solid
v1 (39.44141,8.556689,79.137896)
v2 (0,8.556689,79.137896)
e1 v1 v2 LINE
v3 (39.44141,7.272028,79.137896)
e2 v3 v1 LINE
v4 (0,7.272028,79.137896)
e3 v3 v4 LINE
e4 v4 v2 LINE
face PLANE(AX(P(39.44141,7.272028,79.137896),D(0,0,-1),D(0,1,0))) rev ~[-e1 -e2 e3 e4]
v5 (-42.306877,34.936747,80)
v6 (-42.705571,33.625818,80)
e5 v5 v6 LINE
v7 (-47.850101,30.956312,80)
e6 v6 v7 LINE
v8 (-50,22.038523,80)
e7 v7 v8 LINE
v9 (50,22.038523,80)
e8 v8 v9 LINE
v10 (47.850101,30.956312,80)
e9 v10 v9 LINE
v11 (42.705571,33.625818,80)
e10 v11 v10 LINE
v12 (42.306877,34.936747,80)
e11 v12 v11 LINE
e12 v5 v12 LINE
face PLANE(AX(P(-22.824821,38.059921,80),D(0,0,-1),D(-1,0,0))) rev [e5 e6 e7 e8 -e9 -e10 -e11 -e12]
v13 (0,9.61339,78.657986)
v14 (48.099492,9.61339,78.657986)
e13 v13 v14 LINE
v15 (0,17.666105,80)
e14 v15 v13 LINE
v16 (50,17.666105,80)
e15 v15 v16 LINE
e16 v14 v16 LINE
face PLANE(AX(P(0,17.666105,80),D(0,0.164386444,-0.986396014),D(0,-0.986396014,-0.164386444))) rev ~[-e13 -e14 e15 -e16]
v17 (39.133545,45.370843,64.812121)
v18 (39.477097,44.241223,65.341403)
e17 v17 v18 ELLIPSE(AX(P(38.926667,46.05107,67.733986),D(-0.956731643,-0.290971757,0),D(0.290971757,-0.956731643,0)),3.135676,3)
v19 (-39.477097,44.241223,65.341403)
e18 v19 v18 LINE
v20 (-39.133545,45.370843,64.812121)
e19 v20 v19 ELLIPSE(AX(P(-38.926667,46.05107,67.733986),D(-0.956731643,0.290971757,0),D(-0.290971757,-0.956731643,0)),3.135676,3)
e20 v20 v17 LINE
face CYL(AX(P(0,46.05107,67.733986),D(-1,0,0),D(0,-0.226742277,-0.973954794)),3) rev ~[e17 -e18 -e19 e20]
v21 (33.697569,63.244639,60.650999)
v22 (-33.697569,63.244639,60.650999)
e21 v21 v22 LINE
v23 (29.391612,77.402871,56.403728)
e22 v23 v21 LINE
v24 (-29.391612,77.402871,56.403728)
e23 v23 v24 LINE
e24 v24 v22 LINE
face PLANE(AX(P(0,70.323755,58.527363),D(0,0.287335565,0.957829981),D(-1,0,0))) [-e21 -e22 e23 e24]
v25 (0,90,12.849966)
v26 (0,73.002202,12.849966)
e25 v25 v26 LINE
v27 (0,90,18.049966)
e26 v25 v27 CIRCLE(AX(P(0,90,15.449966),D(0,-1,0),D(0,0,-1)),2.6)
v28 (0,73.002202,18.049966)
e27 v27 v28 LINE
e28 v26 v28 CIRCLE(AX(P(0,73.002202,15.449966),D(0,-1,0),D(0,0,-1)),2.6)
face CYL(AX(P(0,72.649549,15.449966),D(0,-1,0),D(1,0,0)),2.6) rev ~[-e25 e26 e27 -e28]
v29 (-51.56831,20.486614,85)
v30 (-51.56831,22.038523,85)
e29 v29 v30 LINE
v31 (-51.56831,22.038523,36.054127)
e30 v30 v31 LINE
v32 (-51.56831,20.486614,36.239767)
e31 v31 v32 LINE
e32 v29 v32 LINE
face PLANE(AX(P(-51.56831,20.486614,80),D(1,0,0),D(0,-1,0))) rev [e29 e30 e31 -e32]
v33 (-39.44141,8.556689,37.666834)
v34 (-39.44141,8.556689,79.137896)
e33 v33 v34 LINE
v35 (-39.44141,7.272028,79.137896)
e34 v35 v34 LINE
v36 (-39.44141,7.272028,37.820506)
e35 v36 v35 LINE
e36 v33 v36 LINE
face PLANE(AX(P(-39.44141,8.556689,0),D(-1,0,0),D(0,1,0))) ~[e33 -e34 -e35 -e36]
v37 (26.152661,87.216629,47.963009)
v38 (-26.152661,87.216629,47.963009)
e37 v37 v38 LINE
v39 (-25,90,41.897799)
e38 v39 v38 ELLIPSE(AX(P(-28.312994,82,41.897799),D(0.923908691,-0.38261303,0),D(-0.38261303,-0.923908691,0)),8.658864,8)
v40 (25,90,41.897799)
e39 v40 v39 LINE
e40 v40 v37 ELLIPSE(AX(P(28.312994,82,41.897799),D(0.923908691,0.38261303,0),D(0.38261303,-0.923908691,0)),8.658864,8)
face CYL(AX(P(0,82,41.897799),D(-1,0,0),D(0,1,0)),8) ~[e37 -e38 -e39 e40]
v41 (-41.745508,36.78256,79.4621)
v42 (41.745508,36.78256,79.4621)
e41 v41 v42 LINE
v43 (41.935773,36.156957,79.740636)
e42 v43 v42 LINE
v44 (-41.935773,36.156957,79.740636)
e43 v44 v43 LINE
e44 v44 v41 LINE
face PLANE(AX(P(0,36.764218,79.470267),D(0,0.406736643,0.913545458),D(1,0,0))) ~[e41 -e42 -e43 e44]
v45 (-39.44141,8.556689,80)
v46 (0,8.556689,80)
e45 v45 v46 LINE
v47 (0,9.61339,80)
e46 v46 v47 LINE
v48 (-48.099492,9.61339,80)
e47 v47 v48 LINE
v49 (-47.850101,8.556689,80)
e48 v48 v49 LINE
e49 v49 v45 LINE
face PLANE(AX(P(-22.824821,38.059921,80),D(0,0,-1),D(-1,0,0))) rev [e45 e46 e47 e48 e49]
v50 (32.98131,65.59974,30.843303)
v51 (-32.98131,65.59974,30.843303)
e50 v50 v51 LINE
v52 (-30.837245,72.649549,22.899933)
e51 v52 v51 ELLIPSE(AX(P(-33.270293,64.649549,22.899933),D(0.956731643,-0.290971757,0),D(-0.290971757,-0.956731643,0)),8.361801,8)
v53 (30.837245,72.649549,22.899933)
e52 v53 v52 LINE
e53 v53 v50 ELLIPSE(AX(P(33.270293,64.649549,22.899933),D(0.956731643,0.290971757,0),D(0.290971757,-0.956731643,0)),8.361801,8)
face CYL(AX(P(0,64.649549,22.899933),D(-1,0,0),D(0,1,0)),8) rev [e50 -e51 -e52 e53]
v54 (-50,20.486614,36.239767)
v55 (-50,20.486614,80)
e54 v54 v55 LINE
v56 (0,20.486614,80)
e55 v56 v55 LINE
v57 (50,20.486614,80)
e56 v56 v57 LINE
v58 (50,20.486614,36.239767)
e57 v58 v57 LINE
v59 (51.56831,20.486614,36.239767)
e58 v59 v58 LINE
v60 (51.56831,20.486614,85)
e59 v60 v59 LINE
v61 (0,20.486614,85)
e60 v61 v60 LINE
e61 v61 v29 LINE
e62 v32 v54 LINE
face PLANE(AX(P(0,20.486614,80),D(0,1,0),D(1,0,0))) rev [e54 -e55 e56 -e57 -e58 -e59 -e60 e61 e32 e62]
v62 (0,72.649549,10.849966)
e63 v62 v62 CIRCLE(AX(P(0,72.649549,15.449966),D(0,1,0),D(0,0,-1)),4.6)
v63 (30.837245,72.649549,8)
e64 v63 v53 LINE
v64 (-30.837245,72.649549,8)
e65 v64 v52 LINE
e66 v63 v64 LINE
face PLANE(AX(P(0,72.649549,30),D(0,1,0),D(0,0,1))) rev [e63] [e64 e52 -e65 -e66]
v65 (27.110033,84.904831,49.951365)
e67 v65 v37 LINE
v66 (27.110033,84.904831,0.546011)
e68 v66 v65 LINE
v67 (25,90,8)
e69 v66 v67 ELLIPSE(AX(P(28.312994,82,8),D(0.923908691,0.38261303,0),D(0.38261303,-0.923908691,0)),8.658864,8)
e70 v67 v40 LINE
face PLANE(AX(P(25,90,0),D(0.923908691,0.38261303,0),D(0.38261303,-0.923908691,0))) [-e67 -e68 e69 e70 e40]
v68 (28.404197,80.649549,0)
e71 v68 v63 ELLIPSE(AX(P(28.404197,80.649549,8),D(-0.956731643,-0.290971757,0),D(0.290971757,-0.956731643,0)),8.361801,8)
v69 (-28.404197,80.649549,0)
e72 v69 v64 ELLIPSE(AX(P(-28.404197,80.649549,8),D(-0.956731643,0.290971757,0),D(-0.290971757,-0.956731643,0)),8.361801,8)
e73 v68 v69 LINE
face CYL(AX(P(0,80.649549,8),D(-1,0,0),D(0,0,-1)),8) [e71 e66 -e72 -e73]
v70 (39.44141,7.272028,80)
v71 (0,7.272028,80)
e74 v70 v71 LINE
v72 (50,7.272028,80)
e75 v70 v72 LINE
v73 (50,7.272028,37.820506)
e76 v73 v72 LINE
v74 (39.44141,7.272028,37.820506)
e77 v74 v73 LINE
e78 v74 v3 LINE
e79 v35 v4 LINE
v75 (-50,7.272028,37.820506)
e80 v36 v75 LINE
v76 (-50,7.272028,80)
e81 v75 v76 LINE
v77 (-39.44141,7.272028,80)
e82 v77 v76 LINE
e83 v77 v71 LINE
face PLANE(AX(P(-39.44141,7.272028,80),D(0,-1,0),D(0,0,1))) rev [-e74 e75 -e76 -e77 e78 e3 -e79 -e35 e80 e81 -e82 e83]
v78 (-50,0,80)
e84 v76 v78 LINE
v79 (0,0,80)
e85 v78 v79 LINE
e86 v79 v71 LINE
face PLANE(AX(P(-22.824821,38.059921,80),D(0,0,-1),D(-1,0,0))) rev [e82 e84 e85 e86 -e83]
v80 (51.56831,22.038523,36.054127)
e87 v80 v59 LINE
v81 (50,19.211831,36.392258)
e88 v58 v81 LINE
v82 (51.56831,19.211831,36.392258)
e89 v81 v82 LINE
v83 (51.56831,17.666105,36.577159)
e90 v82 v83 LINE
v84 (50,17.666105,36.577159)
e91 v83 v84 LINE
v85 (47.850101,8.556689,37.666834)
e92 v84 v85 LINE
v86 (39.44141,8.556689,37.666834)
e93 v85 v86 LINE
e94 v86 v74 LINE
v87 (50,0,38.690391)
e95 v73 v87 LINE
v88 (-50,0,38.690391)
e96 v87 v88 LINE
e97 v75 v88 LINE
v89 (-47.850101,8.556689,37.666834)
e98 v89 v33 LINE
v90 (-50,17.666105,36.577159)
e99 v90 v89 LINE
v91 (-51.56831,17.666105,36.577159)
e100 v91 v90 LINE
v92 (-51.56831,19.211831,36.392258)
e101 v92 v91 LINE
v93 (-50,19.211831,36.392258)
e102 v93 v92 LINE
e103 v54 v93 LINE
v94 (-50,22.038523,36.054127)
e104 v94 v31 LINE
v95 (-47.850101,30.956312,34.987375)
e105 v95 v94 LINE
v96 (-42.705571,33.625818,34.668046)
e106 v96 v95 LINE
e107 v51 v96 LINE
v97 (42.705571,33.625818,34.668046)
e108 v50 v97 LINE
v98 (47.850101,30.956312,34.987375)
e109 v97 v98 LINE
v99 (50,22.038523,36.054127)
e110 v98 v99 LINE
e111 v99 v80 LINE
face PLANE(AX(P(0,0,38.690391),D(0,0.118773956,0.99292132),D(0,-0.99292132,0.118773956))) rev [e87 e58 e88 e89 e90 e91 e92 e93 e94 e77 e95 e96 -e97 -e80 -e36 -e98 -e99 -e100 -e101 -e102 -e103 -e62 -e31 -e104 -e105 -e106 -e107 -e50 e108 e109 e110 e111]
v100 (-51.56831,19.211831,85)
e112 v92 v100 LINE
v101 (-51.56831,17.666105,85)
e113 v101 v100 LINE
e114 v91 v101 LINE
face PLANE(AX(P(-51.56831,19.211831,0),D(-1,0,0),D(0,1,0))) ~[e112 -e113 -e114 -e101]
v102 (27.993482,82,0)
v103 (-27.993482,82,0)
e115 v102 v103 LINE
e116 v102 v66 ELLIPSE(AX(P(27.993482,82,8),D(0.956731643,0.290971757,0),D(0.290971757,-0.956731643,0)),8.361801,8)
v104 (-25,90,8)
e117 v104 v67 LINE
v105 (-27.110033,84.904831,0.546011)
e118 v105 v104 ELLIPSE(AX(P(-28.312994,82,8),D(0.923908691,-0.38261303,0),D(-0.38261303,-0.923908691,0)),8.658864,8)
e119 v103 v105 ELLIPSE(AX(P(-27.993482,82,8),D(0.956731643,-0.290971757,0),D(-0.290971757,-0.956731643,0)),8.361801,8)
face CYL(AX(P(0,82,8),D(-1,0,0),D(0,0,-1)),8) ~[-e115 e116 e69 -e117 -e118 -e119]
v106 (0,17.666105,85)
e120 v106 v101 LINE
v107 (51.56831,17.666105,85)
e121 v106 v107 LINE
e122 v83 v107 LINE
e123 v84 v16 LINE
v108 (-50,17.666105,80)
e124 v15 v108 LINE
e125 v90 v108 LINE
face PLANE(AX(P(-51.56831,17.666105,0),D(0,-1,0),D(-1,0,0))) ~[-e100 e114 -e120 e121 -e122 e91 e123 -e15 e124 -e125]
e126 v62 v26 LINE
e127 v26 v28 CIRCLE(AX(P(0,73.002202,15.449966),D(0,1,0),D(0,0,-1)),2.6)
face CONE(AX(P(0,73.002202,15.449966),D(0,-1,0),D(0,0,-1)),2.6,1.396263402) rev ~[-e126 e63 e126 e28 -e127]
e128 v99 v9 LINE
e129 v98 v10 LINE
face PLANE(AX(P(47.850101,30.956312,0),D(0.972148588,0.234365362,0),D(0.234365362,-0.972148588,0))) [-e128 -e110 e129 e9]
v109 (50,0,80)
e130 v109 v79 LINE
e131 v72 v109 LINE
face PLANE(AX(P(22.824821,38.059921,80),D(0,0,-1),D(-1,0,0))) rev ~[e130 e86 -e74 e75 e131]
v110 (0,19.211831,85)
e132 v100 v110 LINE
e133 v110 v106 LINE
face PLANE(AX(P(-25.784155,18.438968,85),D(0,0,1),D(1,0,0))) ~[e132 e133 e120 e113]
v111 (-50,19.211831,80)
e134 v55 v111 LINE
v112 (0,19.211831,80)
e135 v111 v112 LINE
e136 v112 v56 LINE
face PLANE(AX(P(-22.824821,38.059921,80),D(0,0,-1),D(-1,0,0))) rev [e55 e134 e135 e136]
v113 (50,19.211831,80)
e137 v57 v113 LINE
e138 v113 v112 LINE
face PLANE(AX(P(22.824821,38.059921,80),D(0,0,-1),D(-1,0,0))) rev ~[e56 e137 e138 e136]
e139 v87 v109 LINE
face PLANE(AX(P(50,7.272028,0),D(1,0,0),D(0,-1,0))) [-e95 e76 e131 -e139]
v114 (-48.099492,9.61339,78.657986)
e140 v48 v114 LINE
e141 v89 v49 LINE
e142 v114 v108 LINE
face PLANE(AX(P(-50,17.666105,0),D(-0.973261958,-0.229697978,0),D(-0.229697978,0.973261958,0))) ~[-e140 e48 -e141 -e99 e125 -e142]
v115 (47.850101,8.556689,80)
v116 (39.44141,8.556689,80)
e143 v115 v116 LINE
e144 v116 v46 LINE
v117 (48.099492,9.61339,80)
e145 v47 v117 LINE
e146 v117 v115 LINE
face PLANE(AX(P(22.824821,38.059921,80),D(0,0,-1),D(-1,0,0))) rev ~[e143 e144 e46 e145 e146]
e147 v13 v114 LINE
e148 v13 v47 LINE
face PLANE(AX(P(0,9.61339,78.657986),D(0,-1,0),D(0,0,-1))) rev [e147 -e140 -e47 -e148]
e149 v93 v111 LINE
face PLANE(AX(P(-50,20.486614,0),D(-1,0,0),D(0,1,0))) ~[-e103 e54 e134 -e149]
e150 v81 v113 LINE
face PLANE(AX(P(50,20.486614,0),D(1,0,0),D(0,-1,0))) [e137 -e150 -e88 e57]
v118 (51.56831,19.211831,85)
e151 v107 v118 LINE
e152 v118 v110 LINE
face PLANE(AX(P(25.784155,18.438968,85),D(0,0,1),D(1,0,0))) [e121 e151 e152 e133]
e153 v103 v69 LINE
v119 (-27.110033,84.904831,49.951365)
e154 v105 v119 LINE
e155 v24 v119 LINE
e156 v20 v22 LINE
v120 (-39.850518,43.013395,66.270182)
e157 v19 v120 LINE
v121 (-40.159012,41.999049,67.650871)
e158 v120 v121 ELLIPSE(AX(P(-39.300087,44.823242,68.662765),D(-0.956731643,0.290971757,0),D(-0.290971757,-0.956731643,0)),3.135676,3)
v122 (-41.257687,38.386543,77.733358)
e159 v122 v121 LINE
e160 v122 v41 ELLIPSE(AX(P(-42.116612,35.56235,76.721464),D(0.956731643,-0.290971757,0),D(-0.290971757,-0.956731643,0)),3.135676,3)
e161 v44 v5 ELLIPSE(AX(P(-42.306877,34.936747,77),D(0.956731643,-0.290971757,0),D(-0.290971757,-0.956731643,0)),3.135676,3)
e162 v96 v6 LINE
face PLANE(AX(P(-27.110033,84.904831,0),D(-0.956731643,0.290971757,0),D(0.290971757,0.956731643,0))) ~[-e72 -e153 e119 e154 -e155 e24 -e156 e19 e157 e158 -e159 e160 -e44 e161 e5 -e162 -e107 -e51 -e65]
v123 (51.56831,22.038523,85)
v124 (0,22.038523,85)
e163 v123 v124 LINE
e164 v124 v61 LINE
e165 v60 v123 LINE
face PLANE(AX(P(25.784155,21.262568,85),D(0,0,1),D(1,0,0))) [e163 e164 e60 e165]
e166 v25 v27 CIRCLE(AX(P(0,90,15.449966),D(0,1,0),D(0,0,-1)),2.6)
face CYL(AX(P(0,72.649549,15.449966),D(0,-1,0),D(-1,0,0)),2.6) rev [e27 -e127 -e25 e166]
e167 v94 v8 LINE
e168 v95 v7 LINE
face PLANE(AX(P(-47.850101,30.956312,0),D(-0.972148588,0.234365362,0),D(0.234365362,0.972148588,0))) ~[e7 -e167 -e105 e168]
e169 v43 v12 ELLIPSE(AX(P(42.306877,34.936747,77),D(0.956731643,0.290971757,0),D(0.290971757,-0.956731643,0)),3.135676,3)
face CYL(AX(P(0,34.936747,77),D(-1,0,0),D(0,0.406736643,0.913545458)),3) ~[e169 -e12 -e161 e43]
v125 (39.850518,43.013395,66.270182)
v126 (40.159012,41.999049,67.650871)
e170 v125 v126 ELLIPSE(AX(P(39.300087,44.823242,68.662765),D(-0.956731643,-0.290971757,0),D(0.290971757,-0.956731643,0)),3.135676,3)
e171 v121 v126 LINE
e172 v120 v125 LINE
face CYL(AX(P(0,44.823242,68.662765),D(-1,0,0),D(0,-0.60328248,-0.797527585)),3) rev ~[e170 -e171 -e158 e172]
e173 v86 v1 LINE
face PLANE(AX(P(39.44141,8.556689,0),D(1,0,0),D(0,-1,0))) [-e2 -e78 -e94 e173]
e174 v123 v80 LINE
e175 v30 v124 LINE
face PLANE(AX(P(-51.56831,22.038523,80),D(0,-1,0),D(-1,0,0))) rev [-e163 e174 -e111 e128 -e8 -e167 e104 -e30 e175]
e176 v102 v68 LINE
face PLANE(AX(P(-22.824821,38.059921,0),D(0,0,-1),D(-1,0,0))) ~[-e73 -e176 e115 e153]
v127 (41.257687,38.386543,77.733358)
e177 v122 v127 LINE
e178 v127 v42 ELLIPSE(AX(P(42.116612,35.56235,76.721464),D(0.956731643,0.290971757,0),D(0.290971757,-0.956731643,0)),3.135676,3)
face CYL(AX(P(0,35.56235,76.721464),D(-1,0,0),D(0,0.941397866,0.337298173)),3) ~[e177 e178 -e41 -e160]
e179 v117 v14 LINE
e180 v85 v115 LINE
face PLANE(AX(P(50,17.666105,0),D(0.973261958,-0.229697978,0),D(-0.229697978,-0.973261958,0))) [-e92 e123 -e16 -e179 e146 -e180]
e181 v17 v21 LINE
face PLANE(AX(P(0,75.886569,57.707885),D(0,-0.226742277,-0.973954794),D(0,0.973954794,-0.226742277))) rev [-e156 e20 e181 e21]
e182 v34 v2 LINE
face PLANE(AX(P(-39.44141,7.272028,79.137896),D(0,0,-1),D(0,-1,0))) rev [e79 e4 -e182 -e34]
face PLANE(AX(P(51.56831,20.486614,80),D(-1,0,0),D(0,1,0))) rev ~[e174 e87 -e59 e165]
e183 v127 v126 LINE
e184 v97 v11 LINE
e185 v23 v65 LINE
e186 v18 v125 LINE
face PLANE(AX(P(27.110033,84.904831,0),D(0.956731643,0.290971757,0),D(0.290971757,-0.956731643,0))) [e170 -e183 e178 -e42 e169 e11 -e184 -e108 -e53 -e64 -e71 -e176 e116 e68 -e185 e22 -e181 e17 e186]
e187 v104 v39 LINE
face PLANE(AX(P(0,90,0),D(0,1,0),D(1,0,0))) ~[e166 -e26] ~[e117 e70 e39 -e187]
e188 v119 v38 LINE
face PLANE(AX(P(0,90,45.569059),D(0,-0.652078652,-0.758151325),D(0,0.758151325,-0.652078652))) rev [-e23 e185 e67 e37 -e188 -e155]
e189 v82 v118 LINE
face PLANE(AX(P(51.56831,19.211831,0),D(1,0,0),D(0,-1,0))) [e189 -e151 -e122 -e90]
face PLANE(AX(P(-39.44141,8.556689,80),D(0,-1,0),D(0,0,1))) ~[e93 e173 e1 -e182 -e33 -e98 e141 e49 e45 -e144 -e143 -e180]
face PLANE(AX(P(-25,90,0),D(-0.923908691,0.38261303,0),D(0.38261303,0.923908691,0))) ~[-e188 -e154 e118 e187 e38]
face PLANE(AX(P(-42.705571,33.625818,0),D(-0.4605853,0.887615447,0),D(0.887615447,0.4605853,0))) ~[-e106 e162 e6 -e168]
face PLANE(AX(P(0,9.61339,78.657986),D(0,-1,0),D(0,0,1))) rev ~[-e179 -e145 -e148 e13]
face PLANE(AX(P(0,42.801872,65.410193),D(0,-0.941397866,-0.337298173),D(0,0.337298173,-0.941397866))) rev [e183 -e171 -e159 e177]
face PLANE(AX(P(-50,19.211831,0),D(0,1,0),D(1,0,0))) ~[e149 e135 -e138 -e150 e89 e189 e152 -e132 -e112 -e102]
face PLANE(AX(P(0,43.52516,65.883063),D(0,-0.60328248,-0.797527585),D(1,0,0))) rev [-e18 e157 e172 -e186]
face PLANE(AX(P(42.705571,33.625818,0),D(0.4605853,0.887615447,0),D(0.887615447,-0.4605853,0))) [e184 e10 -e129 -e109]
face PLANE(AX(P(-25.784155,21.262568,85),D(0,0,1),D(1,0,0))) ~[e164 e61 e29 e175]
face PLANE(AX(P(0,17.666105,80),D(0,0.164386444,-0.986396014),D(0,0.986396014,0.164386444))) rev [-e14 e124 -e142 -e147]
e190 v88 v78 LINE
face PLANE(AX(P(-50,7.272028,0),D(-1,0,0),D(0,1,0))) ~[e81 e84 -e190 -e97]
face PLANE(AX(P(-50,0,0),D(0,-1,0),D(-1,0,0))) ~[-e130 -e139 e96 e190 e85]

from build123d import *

# Parameters (mm, degrees)
BOSS_EXTRUDE2_DEPTH   = 80
CUT_EXTRUDE6_DEPTH    = 80
FILLET4_R             = 8
FILLET6_R             = 8
BOSS_EXTRUDE3_DEPTH   = 5
CUT_EXTRUDE7_DEPTH    = 53
SKETCH8_W             = 0.862104353
SKETCH8_H             = 1.284661266
CUT_EXTRUDE8_DEPTH    = 53
SKETCH9_R             = 2.6
CUT_EXTRUDE9_DEPTH    = 53
CHAMFER1_SIZE         = 2
CHAMFER1_SIZE2        = 0.352653961
CHAMFER2_SIZE         = 2
CHAMFER2_SIZE2        = 1.125418904
CHAMFER2_PART_2_SIZE  = 2
CHAMFER2_PART_2_SIZE2 = 1.486326178
CHAMFER2_PART_3_SIZE  = 2
CHAMFER2_PART_3_SIZE2 = 12.979996821
FILLET7_R             = 3


with BuildPart() as part:
    # Sketch4 → Boss-Extrude2 (new body)
    with BuildSketch(Plane.XY):
        Polygon((0, 90), (25, 90), (27.110033345, 84.90483075), (42.705570979, 33.625818377), (47.850101428, 30.956311994), (50, 22.038522927), (51.568309777, 22.038522927), (51.568309777, 20.486613591), (50, 20.486613591), (50, 19.211830923), (51.568309777, 19.211830923), (51.568309777, 17.666105021), (50, 17.666105021), (47.850101428, 8.556688769), (39.441409504, 8.556688769), (39.441409504, 7.272027503), (50, 7.272027503), (50, 0), (0, 0), align=None)
    extrude(amount=BOSS_EXTRUDE2_DEPTH)

    # Sketch5 → Cut-Extrude6 (cut)
    with BuildSketch(Plane.ZY):
        Polygon((80, 90), (45.569058945, 90), (57.70788513, 75.886568849), (65.410192712, 42.801872405), (80, 37.57441702), align=None)
        Polygon((30, 72.649548533), (0, 72.649548533), (0, 0), (38.690390773, 0), align=None)
    extrude(amount=-CUT_EXTRUDE6_DEPTH, mode=Mode.SUBTRACT)

    # Fillet4
    fillet4_edges = [part.edges().sort_by_distance(p)[0] for p in [
        (15.418622329, 72.649548533, 0),
        (15.418622329, 72.649548533, 30),
    ]]
    fillet(fillet4_edges, radius=FILLET4_R)

    # Fillet6
    fillet6_edges = [part.edges().sort_by_distance(p)[0] for p in [
        (12.5, 90, 0),
        (12.5, 90, 45.569058945),
    ]]
    fillet(fillet6_edges, radius=FILLET6_R)

    # Sketch6 → Boss-Extrude3 (add)
    with BuildSketch(Plane.XY.offset(80)):
        Polygon((51.568309777, 22.038522927), (50, 22.038522927), (0, 22.038522927), (0, 20.486613591), (50, 20.486613591), (51.568309777, 20.486613591), align=None)
        Polygon((50, 19.211830923), (0, 19.211830923), (0, 17.666105021), (50, 17.666105021), (51.568309777, 17.666105021), (51.568309777, 19.211830923), align=None)
    extrude(amount=BOSS_EXTRUDE3_DEPTH)

    # Sketch7 → Cut-Extrude7 (cut)
    with BuildSketch(Plane.ZY):
        Polygon((80, 17.666105021), (78.657986015, 9.613389648), (80, 9.613389648), align=None)
    extrude(amount=-CUT_EXTRUDE7_DEPTH, mode=Mode.SUBTRACT)

    # Sketch8 → Cut-Extrude8 (cut)
    with BuildSketch(Plane(origin=(39.441409504, 0, 0), x_dir=(0, 0, -1), z_dir=(1, 0, 0))):
        with Locations((-79.568947823, 7.914358136)):
            Rectangle(SKETCH8_W, SKETCH8_H)
    extrude(amount=-CUT_EXTRUDE8_DEPTH, mode=Mode.SUBTRACT)

    # Sketch9 → Cut-Extrude9 (cut)
    with BuildSketch(Plane.XZ.offset(-72.649548533)):
        with Locations((0, 15.44996627)):
            Circle(SKETCH9_R)
    extrude(amount=-CUT_EXTRUDE9_DEPTH, mode=Mode.SUBTRACT)

    # Chamfer1
    chamfer1_edges = [part.edges().sort_by_distance(p)[0] for p in [
        (2.6, 72.649548533, 15.44996627),
    ]]
    chamfer1_side = [part.faces().sort_by_distance(p)[0] for p in [
        (15.75727698, 72.649548533, 15.44996627),
    ]]
    chamfer(chamfer1_edges, length=CHAMFER1_SIZE, length2=CHAMFER1_SIZE2, reference=chamfer1_side[0])

    # Chamfer2
    chamfer2_edges = [part.edges().sort_by_distance(p)[0] for p in [
        (20.75233985, 37.57441702, 80),
    ]]
    chamfer2_side = [part.faces().sort_by_distance(p)[0] for p in [
        (23.38094375, 29.531291641, 80),
    ]]
    chamfer(chamfer2_edges, length=CHAMFER2_SIZE, length2=CHAMFER2_SIZE2, reference=chamfer2_side[0])

    # Chamfer2 part 2
    chamfer2_part_2_edges = [part.edges().sort_by_distance(p)[0] for p in [
        (19.957424217, 42.801872405, 65.410192712),
    ]]
    chamfer2_part_2_side = [part.faces().sort_by_distance(p)[0] for p in [
        (17.56283553, 58.548959268, 61.744180339),
    ]]
    chamfer(chamfer2_part_2_edges, length=CHAMFER2_PART_2_SIZE, length2=CHAMFER2_PART_2_SIZE2, reference=chamfer2_part_2_side[0])

    # Chamfer2 part 3
    chamfer2_part_3_edges = [part.edges().sort_by_distance(p)[0] for p in [
        (14.926383206, 75.886568849, 57.70788513),
    ]]
    chamfer2_part_3_side = [part.faces().sort_by_distance(p)[0] for p in [
        (14.071000693, 81.431316149, 52.938901387),
    ]]
    chamfer(chamfer2_part_3_edges, length=CHAMFER2_PART_3_SIZE, length2=CHAMFER2_PART_3_SIZE2, reference=chamfer2_part_3_side[0])

    # Fillet7
    fillet7_edges = [part.edges().sort_by_distance(p)[0] for p in [
        (19.661214366, 44.749781992, 64.956708159),
        (20.694615521, 37.954018761, 78.940533046),
        (20.033659992, 42.3005373, 66.809417005),
        (21.056470857, 35.57441702, 80),
    ]]
    fillet(fillet7_edges, radius=FILLET7_R)

    # Mirror2: part across plane


with BuildPart() as part_1:
    add(part.part)
    add(part.part.mirror(Plane(origin=(0, 90, 80), x_dir=(0, 0, 1), z_dir=(1, 0, 0))))


solid = part_1.part
